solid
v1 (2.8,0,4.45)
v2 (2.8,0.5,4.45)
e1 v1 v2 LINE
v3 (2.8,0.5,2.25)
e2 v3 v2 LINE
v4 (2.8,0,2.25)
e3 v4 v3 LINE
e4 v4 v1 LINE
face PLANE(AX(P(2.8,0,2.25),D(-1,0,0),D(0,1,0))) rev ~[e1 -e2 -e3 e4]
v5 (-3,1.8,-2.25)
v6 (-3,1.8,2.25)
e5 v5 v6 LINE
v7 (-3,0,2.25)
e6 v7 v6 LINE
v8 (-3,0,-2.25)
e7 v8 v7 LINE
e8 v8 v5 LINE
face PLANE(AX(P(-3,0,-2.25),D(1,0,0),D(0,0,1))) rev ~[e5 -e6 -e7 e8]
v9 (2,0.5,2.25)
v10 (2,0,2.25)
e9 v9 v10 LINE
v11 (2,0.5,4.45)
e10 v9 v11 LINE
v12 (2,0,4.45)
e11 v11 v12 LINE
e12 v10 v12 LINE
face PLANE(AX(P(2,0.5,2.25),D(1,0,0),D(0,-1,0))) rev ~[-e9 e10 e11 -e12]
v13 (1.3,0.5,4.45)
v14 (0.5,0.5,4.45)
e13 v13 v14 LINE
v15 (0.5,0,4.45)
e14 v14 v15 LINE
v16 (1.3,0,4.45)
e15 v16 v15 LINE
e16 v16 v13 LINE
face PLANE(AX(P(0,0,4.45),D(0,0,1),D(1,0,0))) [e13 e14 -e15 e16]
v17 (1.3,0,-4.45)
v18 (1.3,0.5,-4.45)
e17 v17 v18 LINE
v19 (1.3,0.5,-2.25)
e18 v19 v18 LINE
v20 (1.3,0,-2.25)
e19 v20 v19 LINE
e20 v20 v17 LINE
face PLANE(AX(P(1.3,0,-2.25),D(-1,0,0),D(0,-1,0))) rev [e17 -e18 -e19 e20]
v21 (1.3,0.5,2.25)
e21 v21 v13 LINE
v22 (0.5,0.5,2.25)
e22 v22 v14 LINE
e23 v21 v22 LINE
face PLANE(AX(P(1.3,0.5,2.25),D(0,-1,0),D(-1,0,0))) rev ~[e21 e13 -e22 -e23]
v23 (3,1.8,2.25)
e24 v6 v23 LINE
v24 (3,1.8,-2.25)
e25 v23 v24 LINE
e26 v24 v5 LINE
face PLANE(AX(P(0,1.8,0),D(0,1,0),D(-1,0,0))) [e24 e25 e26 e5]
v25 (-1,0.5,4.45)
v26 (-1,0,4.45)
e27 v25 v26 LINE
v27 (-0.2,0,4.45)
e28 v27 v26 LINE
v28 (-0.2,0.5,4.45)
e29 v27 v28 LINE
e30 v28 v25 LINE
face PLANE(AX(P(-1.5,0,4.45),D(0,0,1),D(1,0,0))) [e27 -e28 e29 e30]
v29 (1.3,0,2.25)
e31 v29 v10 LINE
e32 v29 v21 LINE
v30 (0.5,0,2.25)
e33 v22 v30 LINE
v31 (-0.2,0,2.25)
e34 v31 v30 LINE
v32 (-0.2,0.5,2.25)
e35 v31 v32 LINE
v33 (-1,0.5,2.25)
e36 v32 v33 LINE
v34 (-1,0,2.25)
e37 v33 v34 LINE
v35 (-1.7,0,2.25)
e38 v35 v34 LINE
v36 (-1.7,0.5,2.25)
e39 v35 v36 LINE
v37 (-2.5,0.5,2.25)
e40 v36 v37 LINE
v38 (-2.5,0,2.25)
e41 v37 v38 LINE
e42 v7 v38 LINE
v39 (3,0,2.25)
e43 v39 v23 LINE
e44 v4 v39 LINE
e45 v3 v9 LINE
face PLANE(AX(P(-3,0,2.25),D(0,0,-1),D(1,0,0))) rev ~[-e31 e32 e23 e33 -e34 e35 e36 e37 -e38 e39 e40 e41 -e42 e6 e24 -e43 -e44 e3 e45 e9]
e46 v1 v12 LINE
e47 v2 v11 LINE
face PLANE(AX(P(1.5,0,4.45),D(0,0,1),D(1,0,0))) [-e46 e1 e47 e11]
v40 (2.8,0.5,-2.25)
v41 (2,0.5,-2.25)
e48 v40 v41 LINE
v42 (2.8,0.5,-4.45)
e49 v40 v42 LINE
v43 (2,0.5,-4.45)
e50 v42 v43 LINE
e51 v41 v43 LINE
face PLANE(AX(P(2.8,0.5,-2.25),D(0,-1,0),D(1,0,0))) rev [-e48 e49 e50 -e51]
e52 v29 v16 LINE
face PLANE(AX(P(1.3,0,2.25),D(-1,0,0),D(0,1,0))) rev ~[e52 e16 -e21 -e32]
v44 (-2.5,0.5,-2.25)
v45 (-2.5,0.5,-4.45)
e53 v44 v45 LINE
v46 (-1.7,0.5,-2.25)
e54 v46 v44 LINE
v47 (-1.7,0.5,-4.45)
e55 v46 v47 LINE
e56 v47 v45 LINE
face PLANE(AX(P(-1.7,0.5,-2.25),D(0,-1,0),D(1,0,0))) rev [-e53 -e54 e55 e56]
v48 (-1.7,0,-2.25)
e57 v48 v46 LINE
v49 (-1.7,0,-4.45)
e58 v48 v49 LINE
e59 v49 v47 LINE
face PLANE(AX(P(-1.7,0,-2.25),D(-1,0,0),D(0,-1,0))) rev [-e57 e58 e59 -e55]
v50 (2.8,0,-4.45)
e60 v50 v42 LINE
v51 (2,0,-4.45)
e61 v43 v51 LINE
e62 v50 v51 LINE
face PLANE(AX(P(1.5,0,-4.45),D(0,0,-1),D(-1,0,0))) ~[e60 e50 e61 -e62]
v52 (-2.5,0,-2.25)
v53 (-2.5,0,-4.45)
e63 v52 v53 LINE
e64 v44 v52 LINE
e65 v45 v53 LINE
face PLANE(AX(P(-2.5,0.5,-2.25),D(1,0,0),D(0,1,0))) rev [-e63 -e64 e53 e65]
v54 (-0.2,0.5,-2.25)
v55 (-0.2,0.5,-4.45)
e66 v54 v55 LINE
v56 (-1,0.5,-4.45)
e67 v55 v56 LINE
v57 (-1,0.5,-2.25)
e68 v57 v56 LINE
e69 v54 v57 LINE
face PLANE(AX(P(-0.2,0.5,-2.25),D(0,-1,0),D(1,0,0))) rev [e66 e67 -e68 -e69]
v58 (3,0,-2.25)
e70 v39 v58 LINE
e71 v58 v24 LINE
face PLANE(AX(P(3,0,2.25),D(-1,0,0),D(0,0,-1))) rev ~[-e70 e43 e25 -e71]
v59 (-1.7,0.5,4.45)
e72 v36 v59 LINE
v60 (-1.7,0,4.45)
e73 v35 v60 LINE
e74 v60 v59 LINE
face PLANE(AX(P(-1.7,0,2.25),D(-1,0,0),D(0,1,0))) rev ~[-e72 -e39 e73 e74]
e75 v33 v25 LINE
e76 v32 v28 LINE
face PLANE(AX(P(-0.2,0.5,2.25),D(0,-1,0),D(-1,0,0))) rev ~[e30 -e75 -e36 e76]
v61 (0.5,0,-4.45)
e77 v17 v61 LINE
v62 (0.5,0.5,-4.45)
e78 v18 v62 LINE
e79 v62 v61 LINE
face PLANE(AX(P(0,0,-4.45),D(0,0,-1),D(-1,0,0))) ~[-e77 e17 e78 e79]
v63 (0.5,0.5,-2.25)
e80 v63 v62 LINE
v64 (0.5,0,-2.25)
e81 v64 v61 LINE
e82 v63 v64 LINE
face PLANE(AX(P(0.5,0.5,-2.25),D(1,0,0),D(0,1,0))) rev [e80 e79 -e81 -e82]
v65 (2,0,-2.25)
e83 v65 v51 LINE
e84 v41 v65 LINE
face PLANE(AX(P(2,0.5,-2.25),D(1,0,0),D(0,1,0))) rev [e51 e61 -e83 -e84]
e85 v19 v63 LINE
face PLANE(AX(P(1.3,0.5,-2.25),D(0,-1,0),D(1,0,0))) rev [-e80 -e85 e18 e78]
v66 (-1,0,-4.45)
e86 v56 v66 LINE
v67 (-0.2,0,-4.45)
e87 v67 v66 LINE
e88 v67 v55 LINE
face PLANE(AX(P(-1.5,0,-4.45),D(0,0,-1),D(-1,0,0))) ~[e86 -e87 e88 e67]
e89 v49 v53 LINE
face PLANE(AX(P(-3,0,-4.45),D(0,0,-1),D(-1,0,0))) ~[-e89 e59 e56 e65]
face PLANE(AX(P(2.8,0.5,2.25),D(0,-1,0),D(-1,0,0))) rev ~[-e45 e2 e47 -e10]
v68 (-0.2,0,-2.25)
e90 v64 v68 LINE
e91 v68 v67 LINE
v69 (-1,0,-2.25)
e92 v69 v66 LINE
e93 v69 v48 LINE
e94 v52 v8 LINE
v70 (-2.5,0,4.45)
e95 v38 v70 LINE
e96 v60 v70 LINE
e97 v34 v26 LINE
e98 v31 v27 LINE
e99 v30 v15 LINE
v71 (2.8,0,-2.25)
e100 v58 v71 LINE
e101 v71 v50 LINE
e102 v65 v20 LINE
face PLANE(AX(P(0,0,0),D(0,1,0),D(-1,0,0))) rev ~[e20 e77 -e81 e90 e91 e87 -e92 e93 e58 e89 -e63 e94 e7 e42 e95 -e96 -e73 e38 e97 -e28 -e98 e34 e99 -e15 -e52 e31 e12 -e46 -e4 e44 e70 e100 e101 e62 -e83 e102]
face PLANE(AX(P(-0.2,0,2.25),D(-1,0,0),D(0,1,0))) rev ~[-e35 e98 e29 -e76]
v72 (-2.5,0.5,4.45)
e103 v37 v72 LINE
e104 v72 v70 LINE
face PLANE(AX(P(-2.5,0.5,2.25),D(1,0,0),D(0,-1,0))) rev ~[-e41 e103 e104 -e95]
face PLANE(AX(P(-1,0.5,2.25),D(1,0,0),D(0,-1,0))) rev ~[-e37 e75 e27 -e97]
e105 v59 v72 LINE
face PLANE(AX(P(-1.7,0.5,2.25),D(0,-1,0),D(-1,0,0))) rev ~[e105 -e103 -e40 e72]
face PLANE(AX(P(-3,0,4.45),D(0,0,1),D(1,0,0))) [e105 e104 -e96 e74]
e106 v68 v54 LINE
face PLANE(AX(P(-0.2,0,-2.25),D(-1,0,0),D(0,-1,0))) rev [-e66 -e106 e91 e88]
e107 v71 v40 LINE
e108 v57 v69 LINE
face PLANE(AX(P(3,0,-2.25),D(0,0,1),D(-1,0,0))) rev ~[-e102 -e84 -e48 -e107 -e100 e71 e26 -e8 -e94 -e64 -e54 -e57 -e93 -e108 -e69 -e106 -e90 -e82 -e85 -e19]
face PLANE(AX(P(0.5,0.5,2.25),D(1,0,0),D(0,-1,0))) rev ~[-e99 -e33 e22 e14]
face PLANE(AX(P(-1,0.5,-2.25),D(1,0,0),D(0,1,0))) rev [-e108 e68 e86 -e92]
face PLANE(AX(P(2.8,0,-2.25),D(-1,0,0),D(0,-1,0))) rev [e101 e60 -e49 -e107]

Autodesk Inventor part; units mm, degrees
ref_plane "YZ Plane" through (0, 0, 0) normal (1, 0, 0) x (0, 1, 0)
ref_plane "XZ Plane" through (0, 0, 0) normal (0, 1, 0) x (-1, 0, 0)
ref_plane "XY Plane" through (0, 0, 0) normal (0, 0, 1) x (1, 0, 0)
sketch "草圖1" plane through (0, 0, 0) normal (0, 1, 0) x (-1, 0, 0)
  line L0 (3, 2.25) -> (-3, 2.25)
  line L1 (-3, 2.25) -> (-3, -2.25)
  line L2 (-3, -2.25) -> (3, -2.25)
  line L3 (3, -2.25) -> (3, 2.25)
  line L4 (3, 2.25) -> (-3, -2.25) construction
  line L5 (-3, 2.25) -> (3, -2.25) construction
  point P0 (0, 0)
  dimension "d0" = 6
  dimension "d1" = 4.5
extrude "擠出1" add sketch "草圖1" along normal blind 1.8
sketch "草圖2" plane through (-3, 0, 2.25) normal (0, 0, 1) x (1, 0, 0)
  line L0 (6, 0) -> (0, 0) projected
  line L1 (0, 0) -> (0.5, 0)
  line L2 (0.5, 0) -> (1.3, 0)
  line L3 (1.3, 0) -> (1.3, 0.5)
  line L4 (1.3, 0.5) -> (0.5, 0.5)
  line L5 (0.5, 0.5) -> (0.5, 0)
  point P0 (3, 0)
  point P1 (1.3, 0)
  dimension "d4" = 0.5
  dimension "d5" = 0.8
  dimension "d6" = 0.5
extrude "擠出2" add sketch "草圖2" along normal blind 2.2
pattern_linear "矩形陣列1" count 4 spacing 1.5 along (1, 0, 0) of "擠出2"
mirror "鏡射1" about plane through (0, 0, 0) normal (0, 0, 1) of "擠出2", "矩形陣列1"
ref_plane "工作平面1" through (-3, 1.8, 0) normal (0, 0, 1) x (1, 0, 0)
properties part number "鏡射"
